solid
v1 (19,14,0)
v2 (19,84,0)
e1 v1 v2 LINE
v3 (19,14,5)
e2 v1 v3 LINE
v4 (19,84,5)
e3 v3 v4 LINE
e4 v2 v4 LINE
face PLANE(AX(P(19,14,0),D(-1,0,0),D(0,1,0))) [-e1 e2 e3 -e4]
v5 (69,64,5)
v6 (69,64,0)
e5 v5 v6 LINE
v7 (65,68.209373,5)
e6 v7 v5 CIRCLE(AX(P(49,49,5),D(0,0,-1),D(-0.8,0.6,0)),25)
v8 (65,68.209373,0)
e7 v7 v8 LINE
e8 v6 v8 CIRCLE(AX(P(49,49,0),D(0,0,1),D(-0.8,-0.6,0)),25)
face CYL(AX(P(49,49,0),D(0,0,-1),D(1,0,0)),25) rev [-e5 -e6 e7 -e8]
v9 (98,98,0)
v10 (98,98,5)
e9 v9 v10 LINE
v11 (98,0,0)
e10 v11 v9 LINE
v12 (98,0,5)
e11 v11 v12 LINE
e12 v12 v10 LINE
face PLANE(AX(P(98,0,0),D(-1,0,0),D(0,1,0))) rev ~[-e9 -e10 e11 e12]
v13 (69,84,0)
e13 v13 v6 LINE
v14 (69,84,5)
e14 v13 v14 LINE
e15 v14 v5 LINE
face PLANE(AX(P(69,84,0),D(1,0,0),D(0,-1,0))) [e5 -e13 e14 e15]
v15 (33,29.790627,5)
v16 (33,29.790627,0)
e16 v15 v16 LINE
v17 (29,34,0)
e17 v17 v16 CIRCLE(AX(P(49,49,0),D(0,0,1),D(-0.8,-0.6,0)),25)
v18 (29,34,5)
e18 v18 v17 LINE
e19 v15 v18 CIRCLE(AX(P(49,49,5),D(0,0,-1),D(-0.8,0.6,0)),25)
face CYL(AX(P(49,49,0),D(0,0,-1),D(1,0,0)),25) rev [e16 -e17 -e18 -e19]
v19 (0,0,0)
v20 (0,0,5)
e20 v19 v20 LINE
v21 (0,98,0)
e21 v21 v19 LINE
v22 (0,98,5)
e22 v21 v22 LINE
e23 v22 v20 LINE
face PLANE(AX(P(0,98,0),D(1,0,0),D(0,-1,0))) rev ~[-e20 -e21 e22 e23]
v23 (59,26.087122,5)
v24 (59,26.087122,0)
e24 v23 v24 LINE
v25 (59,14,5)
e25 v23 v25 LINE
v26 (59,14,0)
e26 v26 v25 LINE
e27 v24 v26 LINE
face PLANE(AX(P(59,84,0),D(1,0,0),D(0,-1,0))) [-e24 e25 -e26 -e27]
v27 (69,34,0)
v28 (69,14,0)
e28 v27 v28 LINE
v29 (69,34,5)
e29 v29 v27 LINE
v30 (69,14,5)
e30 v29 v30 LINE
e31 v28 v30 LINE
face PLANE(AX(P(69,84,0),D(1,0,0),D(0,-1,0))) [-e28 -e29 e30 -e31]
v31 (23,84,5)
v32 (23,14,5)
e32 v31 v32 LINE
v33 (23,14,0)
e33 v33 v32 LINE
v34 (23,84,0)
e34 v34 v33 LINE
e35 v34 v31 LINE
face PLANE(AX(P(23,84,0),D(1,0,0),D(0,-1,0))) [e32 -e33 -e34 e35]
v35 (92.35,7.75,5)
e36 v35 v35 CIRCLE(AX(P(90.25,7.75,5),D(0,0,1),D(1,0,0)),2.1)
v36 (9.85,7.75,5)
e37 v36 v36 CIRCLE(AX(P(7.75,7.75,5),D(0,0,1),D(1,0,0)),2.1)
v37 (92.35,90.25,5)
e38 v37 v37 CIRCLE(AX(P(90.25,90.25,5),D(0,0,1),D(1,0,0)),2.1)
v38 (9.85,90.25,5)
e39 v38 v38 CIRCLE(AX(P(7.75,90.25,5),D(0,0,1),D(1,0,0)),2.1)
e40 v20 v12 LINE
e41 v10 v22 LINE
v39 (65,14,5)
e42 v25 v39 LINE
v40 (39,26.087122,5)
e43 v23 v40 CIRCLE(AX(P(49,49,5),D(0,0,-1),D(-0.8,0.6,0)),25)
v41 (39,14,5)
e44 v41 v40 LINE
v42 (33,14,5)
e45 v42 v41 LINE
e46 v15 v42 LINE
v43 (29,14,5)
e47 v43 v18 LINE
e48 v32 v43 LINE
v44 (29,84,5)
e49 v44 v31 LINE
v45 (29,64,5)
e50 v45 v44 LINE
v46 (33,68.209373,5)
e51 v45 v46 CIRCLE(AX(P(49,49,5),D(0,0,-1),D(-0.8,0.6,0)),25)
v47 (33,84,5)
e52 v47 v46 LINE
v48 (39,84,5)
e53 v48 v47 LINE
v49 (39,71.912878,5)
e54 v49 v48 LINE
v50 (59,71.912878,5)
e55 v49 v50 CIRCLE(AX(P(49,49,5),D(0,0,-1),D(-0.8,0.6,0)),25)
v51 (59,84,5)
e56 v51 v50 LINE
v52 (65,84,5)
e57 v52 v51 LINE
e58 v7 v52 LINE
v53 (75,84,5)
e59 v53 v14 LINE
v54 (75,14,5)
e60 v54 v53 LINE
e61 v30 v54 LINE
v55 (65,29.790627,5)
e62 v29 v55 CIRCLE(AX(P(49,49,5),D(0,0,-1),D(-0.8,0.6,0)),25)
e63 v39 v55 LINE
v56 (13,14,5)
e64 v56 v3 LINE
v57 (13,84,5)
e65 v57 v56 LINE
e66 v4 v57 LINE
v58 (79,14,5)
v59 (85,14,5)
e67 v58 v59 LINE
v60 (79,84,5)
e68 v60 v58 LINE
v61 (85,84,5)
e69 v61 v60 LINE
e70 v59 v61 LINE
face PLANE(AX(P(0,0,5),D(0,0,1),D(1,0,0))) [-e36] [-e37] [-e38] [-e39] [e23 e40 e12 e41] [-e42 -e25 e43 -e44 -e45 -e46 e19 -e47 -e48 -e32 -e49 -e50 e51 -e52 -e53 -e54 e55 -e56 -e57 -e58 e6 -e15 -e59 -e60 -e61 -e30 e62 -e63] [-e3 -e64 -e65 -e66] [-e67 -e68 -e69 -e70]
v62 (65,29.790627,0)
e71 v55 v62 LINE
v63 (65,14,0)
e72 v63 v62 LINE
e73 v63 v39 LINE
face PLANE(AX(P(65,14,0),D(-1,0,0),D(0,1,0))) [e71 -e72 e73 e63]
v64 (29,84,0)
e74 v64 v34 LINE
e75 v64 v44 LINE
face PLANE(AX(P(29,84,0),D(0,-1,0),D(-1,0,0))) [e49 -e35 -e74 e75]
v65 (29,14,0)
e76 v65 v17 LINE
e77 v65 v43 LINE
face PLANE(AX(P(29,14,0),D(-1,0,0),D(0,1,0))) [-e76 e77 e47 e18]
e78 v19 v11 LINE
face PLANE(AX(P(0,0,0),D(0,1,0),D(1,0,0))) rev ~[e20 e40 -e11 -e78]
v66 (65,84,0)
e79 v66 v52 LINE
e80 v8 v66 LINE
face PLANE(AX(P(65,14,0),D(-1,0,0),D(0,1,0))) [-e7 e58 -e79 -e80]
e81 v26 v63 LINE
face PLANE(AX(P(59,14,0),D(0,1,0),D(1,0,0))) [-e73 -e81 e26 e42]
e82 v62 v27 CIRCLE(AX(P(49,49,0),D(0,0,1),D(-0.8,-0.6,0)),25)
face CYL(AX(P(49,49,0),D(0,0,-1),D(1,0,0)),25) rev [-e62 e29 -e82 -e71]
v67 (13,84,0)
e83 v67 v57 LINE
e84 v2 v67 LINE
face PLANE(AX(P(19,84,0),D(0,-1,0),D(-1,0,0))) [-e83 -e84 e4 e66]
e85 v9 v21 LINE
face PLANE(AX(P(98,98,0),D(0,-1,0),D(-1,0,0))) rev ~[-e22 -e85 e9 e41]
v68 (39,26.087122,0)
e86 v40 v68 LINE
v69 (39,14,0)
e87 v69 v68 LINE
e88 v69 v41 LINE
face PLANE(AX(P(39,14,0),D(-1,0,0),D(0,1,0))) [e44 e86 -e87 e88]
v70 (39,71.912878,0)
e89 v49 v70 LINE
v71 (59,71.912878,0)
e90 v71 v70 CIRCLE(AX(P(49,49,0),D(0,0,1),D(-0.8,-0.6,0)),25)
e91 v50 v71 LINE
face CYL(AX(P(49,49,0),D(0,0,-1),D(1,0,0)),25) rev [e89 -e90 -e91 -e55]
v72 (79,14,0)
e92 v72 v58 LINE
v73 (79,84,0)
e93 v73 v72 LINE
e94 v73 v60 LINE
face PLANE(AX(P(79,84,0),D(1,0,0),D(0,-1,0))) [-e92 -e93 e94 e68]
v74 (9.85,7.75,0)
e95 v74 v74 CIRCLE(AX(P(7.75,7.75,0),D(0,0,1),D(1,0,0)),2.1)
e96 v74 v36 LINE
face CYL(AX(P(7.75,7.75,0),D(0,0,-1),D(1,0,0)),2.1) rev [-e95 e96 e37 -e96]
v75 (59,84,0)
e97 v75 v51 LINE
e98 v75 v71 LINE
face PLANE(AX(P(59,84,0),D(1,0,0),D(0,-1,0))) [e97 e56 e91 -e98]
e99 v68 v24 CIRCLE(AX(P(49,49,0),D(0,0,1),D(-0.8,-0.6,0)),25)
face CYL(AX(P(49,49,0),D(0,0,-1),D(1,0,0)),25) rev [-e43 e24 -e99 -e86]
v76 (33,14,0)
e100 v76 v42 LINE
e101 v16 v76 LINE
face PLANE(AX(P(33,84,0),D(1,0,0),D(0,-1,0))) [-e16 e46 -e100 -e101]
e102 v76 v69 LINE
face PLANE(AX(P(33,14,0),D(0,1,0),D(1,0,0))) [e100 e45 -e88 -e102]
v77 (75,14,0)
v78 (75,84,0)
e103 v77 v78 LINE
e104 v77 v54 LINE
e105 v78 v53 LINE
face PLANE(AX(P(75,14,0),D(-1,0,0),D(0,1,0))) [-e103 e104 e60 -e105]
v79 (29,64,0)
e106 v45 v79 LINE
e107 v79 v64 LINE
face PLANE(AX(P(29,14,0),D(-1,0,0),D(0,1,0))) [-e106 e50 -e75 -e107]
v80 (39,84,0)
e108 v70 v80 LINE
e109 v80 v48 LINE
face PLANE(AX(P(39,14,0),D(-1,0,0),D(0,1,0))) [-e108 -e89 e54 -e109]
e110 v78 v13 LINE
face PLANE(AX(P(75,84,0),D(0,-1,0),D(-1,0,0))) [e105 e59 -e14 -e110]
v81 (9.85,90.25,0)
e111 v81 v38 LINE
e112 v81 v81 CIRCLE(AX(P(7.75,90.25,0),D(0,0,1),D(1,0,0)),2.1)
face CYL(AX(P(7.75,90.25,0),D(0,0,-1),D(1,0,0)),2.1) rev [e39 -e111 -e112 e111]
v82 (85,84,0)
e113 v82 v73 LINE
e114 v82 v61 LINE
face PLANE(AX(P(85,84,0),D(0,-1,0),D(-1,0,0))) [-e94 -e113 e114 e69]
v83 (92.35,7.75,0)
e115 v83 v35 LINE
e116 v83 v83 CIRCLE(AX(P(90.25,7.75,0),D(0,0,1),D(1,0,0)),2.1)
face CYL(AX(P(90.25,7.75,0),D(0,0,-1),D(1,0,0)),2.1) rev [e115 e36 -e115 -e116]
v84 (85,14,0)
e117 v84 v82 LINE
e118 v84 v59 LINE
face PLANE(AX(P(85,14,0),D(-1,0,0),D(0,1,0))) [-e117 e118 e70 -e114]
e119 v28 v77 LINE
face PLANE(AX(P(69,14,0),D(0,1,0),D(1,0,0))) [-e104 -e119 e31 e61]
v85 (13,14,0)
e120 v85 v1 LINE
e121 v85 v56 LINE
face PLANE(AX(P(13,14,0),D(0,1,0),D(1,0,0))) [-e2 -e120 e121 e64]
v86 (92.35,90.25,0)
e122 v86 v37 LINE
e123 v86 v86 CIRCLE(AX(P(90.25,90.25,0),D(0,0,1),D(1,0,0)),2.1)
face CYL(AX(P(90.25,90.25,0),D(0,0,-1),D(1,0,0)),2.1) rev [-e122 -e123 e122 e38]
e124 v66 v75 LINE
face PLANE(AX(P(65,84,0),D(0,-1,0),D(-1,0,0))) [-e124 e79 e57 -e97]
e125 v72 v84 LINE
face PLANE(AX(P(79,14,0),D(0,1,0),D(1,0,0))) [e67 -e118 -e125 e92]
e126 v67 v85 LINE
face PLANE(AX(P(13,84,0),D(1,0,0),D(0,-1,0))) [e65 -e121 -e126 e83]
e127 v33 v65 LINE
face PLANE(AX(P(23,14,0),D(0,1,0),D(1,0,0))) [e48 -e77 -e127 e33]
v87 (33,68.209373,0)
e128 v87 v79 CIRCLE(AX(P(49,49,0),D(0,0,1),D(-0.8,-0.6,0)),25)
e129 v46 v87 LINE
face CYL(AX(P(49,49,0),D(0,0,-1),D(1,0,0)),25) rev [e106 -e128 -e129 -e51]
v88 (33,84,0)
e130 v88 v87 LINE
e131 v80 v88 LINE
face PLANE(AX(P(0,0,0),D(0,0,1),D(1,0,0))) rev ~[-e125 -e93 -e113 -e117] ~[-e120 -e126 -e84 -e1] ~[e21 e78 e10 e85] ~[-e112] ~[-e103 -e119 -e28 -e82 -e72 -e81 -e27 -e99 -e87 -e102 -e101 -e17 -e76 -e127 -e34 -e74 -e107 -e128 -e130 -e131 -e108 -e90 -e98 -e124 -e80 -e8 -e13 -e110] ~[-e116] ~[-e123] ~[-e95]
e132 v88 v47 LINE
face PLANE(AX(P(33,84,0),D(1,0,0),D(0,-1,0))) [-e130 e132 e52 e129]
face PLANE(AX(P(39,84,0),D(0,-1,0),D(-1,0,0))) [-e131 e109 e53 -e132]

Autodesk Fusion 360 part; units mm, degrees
sketch "Sketch1" plane through (0, 0, 0) normal (0, 0, 1) x (1, 0, 0)
  line L0 (0, 0) -> (98, 0)
  line L1 (98, 0) -> (98, 98)
  line L2 (98, 98) -> (0, 98)
  line L3 (0, 98) -> (0, 0)
extrude "Extrude1" add sketch "Sketch1" along normal blind 5
sketch "Sketch2" plane through (0, 0, 0) normal (0, 0, 1) x (1, 0, 0)
  circle A0 centre (7.75, 7.75) radius 2.1
extrude "Extrude2" cut sketch "Sketch2" along normal blind 5
sketch "Sketch3" plane through (0, 0, 0) normal (0, 0, 1) x (1, 0, 0)
  circle A0 centre (7.75, 90.25) radius 2.1
extrude "Extrude3" cut sketch "Sketch3" along normal blind 5
sketch "Sketch4" plane through (0, 0, 0) normal (0, 0, 1) x (1, 0, 0)
  circle A0 centre (90.25, 7.75) radius 2.1
extrude "Extrude4" cut sketch "Sketch4" along normal blind 5
sketch "Sketch5" plane through (0, 0, 0) normal (0, 0, 1) x (1, 0, 0)
  circle A0 centre (90.25, 90.25) radius 2.1
extrude "Extrude5" cut sketch "Sketch5" along normal blind 5
sketch "Sketch6" plane through (0, 0, 0) normal (0, 0, 1) x (1, 0, 0)
  circle A0 centre (49, 49) radius 25
extrude "Extrude6" cut sketch "Sketch6" along normal blind 5
sketch "Sketch7" plane through (0, 0, 0) normal (0, 0, 1) x (1, 0, 0)
  line L0 (13, 14) -> (19, 14)
  line L1 (19, 14) -> (19, 84)
  line L2 (19, 84) -> (13, 84)
  line L3 (13, 84) -> (13, 14)
extrude "Extrude7" cut sketch "Sketch7" along normal blind 5
sketch "Sketch8" plane through (0, 0, 0) normal (0, 0, 1) x (1, 0, 0)
  line L0 (23, 14) -> (29, 14)
  line L1 (29, 14) -> (29, 84)
  line L2 (29, 84) -> (23, 84)
  line L3 (23, 84) -> (23, 14)
extrude "Extrude8" cut sketch "Sketch8" along normal blind 5
sketch "Sketch9" plane through (0, 0, 0) normal (0, 0, 1) x (1, 0, 0)
  line L0 (33, 14) -> (39, 14)
  line L1 (39, 14) -> (39, 84)
  line L2 (39, 84) -> (33, 84)
  line L3 (33, 84) -> (33, 14)
extrude "Extrude9" cut sketch "Sketch9" along normal blind 5
sketch "Sketch10" plane through (0, 0, 0) normal (0, 0, 1) x (1, 0, 0)
  line L0 (59, 14) -> (65, 14)
  line L1 (65, 14) -> (65, 84)
  line L2 (65, 84) -> (59, 84)
  line L3 (59, 84) -> (59, 14)
extrude "Extrude10" cut sketch "Sketch10" along normal blind 5
sketch "Sketch11" plane through (0, 0, 0) normal (0, 0, 1) x (1, 0, 0)
  line L0 (69, 14) -> (75, 14)
  line L1 (75, 14) -> (75, 84)
  line L2 (75, 84) -> (69, 84)
  line L3 (69, 84) -> (69, 14)
extrude "Extrude11" cut sketch "Sketch11" along normal blind 5
sketch "Sketch12" plane through (0, 0, 0) normal (0, 0, 1) x (1, 0, 0)
  line L0 (79, 14) -> (85, 14)
  line L1 (85, 14) -> (85, 84)
  line L2 (85, 84) -> (79, 84)
  line L3 (79, 84) -> (79, 14)
extrude "Extrude12" cut sketch "Sketch12" along normal blind 5
